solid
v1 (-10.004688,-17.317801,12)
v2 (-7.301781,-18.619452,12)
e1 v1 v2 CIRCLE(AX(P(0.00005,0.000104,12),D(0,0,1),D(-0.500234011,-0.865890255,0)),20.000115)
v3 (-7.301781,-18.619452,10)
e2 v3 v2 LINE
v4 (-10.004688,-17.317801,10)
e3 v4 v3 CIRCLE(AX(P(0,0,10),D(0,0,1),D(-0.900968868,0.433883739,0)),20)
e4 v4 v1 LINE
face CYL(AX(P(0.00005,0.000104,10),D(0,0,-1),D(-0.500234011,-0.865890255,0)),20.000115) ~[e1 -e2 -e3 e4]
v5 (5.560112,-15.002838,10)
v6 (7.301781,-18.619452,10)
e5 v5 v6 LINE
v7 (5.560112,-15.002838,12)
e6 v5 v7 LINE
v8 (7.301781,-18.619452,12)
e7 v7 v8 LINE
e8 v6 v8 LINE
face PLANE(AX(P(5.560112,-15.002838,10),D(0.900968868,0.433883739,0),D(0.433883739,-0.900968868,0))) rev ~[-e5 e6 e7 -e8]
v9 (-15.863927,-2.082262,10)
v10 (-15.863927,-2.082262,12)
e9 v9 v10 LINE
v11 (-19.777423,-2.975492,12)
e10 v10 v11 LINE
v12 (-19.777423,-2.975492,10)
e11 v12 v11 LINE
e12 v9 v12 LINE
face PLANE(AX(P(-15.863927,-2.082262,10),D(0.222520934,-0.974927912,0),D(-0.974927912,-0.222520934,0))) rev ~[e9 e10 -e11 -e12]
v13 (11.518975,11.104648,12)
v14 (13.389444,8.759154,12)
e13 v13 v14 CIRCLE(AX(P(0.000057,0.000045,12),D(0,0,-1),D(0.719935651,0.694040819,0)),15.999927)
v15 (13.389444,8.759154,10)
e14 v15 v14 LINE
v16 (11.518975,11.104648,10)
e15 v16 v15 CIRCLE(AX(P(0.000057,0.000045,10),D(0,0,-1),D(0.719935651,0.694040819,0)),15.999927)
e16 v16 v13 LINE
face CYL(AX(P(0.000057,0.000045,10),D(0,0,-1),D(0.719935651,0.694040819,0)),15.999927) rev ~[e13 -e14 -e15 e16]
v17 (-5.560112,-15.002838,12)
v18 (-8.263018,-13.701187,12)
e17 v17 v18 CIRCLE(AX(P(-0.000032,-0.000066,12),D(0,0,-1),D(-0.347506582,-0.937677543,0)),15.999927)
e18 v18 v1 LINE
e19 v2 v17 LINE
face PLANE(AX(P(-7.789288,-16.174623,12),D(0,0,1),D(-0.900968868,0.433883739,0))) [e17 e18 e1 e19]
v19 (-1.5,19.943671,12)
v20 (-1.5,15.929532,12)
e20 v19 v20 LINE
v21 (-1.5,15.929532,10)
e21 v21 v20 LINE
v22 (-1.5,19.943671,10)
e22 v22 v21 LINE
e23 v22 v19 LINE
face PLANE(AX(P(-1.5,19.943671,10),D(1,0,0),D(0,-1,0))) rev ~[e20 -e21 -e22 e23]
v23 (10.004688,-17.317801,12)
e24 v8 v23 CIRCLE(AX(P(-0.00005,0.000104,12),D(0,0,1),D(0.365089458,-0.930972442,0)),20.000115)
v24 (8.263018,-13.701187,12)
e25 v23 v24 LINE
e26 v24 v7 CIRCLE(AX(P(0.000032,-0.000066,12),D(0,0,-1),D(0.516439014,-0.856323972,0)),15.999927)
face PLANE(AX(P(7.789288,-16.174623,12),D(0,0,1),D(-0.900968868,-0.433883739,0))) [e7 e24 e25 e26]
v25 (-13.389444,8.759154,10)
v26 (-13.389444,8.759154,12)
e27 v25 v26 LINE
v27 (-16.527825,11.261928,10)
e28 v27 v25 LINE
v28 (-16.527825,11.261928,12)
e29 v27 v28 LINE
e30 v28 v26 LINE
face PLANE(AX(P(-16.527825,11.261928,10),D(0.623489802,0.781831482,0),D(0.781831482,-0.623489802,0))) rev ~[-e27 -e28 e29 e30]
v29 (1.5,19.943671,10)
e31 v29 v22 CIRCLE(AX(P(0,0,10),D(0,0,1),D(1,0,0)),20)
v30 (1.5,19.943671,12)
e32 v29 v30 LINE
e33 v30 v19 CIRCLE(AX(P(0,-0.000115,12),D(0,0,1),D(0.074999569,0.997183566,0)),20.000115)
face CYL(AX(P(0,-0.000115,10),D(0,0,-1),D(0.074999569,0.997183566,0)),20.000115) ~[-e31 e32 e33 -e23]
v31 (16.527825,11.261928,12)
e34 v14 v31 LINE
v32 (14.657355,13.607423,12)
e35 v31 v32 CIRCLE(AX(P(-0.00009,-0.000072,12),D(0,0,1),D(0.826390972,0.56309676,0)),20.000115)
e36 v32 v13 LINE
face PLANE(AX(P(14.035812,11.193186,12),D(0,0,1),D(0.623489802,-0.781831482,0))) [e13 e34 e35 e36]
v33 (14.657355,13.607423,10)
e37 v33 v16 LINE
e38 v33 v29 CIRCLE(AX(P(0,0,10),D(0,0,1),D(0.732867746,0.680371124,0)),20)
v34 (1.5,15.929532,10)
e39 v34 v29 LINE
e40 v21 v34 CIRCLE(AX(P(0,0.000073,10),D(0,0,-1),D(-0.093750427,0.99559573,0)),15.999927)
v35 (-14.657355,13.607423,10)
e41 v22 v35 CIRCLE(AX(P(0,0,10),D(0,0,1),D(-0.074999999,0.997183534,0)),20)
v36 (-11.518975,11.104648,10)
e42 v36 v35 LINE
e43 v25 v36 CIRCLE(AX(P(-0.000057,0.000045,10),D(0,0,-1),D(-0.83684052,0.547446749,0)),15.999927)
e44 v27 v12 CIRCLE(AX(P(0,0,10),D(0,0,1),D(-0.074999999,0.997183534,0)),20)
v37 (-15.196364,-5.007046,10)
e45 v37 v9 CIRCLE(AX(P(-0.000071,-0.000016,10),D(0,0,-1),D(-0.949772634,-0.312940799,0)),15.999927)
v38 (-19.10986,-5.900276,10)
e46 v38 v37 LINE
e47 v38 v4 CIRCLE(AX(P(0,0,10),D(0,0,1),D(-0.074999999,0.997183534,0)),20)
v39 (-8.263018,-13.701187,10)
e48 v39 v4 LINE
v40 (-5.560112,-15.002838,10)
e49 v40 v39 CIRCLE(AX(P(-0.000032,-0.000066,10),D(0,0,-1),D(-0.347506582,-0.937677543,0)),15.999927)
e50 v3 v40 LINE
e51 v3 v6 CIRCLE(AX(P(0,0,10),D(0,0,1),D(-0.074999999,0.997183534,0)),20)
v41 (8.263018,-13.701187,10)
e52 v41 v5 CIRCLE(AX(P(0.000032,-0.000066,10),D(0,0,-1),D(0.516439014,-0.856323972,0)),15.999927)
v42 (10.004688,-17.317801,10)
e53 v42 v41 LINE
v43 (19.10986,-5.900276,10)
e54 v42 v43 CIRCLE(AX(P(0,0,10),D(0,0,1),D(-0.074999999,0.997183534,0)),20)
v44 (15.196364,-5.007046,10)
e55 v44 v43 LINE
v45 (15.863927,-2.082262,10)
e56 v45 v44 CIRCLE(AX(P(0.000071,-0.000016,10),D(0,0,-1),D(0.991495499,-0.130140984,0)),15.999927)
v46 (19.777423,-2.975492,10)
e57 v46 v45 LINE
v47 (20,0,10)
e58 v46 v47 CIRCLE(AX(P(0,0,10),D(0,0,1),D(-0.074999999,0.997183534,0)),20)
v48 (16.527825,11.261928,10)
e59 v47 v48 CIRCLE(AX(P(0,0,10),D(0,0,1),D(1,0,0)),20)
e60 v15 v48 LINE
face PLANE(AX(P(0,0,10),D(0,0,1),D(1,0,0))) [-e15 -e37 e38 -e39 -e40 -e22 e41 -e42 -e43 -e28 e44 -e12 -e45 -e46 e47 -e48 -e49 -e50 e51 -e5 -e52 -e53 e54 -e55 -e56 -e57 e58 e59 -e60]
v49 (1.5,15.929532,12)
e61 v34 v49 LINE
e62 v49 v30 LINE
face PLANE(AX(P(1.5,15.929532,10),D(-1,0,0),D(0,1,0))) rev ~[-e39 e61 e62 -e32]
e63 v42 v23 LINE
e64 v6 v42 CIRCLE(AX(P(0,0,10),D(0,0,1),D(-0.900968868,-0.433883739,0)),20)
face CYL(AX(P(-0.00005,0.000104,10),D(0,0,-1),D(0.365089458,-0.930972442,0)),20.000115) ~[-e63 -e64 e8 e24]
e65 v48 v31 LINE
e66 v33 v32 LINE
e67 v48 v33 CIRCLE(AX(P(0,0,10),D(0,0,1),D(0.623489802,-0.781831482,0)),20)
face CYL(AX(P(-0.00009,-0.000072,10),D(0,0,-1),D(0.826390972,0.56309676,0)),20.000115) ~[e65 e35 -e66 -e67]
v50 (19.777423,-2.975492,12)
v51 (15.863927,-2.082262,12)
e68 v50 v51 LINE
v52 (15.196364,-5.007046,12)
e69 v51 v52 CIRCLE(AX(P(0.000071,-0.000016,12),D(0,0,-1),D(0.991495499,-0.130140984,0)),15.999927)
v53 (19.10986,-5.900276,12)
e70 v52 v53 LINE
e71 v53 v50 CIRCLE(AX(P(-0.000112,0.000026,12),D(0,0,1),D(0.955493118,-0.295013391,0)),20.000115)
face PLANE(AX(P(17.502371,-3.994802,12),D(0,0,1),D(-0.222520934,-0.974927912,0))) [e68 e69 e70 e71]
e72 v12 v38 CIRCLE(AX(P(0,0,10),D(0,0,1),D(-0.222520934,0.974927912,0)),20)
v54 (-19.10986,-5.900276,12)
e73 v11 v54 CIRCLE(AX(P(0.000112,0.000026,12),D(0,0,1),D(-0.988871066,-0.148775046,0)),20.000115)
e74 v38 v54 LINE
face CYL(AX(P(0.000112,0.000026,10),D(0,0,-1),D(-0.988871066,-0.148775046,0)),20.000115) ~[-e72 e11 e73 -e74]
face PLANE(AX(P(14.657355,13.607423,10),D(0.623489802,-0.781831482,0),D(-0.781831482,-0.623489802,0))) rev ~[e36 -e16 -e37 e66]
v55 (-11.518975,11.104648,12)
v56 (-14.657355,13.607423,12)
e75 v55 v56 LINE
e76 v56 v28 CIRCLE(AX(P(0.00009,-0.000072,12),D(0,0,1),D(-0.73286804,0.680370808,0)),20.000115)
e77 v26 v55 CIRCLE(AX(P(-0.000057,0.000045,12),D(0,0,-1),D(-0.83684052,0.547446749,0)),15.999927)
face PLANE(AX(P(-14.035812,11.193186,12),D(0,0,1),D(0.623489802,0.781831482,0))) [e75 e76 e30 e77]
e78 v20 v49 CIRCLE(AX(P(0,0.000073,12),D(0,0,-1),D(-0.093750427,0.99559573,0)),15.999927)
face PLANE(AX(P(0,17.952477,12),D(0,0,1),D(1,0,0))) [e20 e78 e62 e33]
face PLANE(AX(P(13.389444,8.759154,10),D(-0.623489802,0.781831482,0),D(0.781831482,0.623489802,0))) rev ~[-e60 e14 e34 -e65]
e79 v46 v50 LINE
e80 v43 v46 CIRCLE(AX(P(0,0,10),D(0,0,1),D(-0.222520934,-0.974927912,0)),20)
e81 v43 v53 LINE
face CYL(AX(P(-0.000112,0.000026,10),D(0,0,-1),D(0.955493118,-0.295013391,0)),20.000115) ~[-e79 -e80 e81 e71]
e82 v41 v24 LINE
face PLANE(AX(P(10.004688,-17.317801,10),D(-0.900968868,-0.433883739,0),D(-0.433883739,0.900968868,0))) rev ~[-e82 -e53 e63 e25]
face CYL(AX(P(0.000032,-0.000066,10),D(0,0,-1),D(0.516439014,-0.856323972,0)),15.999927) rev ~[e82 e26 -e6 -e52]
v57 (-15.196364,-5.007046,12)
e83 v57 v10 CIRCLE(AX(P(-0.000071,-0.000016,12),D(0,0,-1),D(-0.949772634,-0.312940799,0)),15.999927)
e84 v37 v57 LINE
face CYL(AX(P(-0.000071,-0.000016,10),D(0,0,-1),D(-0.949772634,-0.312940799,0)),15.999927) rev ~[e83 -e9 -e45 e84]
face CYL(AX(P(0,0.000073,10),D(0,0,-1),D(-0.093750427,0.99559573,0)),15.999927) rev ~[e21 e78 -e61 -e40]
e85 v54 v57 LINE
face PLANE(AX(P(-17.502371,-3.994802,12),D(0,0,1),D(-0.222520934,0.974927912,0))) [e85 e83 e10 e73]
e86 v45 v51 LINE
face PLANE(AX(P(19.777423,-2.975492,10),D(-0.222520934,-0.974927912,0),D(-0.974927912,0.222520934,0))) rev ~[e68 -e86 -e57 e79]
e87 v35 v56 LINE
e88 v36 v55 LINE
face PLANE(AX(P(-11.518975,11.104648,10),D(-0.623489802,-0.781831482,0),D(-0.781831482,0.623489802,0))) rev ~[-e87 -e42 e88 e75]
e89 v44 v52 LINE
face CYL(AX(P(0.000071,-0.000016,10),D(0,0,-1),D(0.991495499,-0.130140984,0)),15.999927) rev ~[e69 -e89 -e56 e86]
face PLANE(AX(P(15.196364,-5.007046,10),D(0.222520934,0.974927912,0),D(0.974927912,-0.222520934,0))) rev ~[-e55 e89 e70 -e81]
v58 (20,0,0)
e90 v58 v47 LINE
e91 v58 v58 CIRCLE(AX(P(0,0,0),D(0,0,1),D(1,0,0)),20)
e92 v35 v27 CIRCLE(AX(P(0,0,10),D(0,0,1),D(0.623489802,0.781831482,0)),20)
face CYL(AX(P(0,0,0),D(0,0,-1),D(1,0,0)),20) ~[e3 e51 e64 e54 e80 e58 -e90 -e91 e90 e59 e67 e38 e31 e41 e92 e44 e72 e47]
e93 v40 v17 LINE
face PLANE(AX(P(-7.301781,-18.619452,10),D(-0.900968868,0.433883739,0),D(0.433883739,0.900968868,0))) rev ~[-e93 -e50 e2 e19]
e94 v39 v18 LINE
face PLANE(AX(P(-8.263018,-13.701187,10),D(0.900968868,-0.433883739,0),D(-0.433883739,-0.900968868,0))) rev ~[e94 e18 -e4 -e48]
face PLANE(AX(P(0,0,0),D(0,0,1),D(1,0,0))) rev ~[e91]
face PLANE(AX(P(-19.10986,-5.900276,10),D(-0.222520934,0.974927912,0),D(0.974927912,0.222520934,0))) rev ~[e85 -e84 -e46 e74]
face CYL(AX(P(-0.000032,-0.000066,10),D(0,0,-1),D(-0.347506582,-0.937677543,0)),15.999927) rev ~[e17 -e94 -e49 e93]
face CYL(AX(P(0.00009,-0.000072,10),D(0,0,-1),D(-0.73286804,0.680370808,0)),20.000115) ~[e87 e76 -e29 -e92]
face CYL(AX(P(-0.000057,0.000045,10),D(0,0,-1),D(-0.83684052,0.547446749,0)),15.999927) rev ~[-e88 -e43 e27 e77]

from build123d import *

# Parameters (mm, degrees)
F0_R     = 20
F1_DEPTH = 10
F3_DEPTH = 2
F4_COUNT = 7


with BuildPart() as f1:
    # F0 (on Top) → F1 (new body)
    with BuildSketch(Plane.XY):
        Circle(F0_R)
    extrude(amount=F1_DEPTH)

    # F2 (on face) → F3 (join)
    with BuildSketch(Plane.XY.offset(10)):
        with BuildLine():
            Line((1.5, 15.929532), (1.5, 19.943671))
            ThreePointArc((1.5, 19.943671), (0, 20), (-1.5, 19.943671))
            Line((-1.5, 19.943671), (-1.5, 15.929532))
            ThreePointArc((-1.5, 15.929532), (0, 16), (1.5, 15.929532))
        make_face()
    extrude(amount=F3_DEPTH)

    # F4: F1 ×7 about axis
    f4_axis = Axis((0, 0, 0), (0, 0, -1))


with BuildPart() as f1_1:
    add(f1.part)
    for i in range(1, F4_COUNT):
        add(f1.part.rotate(f4_axis, i * 360 / F4_COUNT))


solid = f1_1.part
